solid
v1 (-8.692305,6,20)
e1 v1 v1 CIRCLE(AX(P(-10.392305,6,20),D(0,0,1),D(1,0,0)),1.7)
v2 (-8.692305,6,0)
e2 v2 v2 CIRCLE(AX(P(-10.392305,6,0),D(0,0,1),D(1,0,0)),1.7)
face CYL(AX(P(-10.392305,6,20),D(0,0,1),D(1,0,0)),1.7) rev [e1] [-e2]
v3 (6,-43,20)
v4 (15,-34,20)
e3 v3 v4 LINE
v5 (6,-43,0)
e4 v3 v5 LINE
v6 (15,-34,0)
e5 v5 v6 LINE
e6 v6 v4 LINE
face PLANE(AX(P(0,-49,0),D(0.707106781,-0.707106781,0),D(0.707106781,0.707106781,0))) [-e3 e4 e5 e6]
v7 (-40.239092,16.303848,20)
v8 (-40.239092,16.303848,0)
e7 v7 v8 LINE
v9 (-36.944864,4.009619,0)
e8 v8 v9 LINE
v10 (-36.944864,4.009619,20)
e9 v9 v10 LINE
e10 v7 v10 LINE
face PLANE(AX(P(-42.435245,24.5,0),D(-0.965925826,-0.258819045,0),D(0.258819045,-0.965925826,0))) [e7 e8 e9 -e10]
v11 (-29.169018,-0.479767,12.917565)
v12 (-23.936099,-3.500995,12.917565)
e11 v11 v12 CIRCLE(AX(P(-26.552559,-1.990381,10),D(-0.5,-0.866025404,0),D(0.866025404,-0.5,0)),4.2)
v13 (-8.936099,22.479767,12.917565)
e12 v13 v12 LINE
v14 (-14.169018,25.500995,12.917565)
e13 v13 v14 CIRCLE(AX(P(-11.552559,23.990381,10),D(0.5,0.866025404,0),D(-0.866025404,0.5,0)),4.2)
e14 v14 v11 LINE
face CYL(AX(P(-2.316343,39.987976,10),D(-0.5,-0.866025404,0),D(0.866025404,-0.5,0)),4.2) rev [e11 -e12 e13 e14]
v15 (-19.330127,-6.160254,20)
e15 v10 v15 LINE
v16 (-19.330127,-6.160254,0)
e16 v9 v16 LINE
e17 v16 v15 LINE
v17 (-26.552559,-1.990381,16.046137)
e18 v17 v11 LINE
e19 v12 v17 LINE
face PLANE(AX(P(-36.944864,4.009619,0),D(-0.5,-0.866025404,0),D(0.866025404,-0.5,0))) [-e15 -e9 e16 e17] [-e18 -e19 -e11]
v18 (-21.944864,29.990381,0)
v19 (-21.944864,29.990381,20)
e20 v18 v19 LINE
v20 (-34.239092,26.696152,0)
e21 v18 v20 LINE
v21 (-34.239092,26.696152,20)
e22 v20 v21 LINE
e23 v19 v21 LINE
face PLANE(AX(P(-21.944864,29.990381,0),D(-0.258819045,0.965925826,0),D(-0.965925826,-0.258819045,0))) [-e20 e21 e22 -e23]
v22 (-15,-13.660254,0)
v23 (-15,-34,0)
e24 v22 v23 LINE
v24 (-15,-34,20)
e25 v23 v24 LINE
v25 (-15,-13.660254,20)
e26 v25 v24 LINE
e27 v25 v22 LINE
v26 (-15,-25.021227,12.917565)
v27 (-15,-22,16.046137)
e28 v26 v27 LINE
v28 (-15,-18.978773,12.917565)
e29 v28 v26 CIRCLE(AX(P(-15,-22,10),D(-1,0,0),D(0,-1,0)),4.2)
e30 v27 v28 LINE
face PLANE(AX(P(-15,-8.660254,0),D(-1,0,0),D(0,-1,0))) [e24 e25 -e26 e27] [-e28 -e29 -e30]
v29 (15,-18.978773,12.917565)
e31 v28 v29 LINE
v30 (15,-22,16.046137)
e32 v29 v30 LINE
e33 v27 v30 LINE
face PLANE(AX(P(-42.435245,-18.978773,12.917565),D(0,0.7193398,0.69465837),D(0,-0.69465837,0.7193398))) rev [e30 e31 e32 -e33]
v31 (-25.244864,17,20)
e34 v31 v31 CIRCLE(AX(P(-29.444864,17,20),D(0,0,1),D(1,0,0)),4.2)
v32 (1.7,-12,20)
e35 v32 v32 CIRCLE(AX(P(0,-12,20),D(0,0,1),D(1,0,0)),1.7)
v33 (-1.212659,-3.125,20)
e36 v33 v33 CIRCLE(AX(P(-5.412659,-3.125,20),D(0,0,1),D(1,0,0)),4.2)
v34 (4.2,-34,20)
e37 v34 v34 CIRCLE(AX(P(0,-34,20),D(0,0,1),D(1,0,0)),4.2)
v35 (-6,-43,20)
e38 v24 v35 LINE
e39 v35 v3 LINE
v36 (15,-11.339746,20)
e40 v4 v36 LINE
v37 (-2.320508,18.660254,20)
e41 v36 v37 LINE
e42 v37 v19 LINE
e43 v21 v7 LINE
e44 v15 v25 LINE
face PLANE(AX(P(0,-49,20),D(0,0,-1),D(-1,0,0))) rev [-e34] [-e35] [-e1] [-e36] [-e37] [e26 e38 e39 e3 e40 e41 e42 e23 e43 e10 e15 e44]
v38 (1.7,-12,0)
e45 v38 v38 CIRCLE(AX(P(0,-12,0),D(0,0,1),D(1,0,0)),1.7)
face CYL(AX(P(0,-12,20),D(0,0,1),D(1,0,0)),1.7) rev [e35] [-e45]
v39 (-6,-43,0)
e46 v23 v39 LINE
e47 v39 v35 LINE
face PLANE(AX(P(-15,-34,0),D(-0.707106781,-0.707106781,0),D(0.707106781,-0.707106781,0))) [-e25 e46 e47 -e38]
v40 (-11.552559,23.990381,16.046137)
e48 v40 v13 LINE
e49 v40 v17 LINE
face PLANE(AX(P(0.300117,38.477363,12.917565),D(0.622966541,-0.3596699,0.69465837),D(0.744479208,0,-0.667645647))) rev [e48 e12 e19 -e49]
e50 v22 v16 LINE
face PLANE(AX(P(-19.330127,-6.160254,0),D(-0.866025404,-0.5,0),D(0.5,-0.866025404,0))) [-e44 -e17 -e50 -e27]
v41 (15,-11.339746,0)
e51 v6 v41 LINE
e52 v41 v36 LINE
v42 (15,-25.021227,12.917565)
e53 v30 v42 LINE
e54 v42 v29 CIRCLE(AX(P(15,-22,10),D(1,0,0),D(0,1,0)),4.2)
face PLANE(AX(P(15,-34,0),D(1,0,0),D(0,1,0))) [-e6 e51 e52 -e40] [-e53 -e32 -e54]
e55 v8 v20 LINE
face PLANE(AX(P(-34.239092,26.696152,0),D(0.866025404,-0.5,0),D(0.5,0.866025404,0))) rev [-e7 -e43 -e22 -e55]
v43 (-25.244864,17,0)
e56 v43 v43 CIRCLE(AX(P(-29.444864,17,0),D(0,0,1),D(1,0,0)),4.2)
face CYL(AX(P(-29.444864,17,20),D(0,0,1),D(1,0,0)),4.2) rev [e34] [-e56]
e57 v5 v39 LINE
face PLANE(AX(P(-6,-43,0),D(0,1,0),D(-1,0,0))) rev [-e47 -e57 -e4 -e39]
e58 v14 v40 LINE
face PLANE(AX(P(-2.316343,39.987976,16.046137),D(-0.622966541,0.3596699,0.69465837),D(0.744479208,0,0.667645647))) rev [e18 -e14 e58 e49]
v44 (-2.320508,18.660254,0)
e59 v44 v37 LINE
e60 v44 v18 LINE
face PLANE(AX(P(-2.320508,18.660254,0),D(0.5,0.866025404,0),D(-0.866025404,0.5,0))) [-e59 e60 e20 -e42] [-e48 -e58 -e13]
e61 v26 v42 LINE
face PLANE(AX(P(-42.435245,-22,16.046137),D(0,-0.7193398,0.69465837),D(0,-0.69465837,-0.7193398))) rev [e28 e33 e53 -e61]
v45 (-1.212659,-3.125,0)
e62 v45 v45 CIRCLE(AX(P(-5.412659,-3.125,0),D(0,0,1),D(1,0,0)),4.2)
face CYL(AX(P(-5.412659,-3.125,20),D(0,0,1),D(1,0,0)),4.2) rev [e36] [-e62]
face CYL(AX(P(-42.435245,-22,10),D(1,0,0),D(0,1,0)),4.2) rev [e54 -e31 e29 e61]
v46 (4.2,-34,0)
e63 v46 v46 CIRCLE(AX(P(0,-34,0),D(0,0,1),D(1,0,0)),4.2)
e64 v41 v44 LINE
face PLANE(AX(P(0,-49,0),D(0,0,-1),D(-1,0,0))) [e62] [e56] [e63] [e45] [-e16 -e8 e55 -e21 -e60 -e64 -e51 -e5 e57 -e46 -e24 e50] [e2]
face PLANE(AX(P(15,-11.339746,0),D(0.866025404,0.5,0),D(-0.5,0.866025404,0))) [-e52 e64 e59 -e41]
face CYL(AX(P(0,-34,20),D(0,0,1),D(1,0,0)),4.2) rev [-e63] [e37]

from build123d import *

# Parameters (mm, degrees)
BOSS_EXTRUDE1_DEPTH = 20
CUT_EXTRUDE1_DEPTH  = 59.888175724
CUT_EXTRUDE2_DEPTH  = 79.101263393
HOLE1_D             = 3.4
HOLE2_D             = 3.4
HOLE3_D             = 8.4
HOLE4_D             = 8.4
HOLE5_D             = 8.4
CHAMFER1_SIZE       = 8.485281374
CHAMFER2_SIZE       = 5
CHAMFER3_SIZE       = 8.485281374


with BuildPart() as part:
    # Sketch1 → Boss-Extrude1 (new body)
    with BuildSketch(Plane.XY.offset(20)):
        Polygon((15, -34), (15, -11.339745962), (-2.320508076, 18.660254038), (-21.944863729, 29.990381057), (-42.435244785, 24.5), (-36.944863729, 4.009618943), (-15, -8.660254038), (-15, -34), (0, -49), align=None)
    extrude(amount=-BOSS_EXTRUDE1_DEPTH)

    # Sketch2 → Cut-Extrude1 (cut, through all)
    with BuildSketch(Plane(origin=(-7.5, -12.990381057, 0), x_dir=(0.8660254037844394, -0.499999999999999, 0), z_dir=(-0.499999999999999, -0.8660254037844394, 0))):
        with BuildLine():
            Line((-18.978772839, 12.917565156), (-22, 16.046137466))
            Line((-22, 16.046137466), (-25.021227161, 12.917565156))
            ThreePointArc((-25.021227161, 12.917565156), (-22, 5.8), (-18.978772839, 12.917565156))
        make_face()
    extrude(amount=-CUT_EXTRUDE1_DEPTH, mode=Mode.SUBTRACT)

    # Sketch3 → Cut-Extrude2 (cut, through all)
    with BuildSketch(Plane(origin=(15, 0, 0), x_dir=(0, 0, -1), z_dir=(1, 0, 0))):
        with BuildLine():
            Line((-12.917565156, -18.978772839), (-16.046137466, -22))
            Line((-16.046137466, -22), (-12.917565156, -25.021227161))
            ThreePointArc((-12.917565156, -25.021227161), (-5.8, -22), (-12.917565156, -18.978772839))
        make_face()
    extrude(amount=-CUT_EXTRUDE2_DEPTH, mode=Mode.SUBTRACT)

    # Hole1 (through all)
    with Locations(Plane.XY.offset(20)):
        with Locations((0, -12)):
            Hole(HOLE1_D / 2)

    # Hole2 (through all)
    with Locations(Plane.XY.offset(20)):
        with Locations((-10.392304845, 6)):
            Hole(HOLE2_D / 2)

    # Hole3 (through all)
    with Locations(Plane.XY.offset(20)):
        with Locations((-5.412658774, -3.125)):
            Hole(HOLE3_D / 2)

    # Hole4 (through all)
    with Locations(Plane.XY.offset(20)):
        with Locations((-29.444863729, 17)):
            Hole(HOLE4_D / 2)

    # Hole5 (through all)
    with Locations(Plane.XY.offset(20)):
        with Locations((0, -34)):
            Hole(HOLE5_D / 2)

    # Chamfer1
    chamfer1_edges = [part.edges().sort_by_distance(p)[0] for p in [
        (-42.435244785, 24.5, 10),
    ]]
    chamfer(chamfer1_edges, length=CHAMFER1_SIZE)

    # Chamfer2
    chamfer2_edges = [part.edges().sort_by_distance(p)[0] for p in [
        (-15, -8.660254038, 10),
    ]]
    chamfer(chamfer2_edges, length=CHAMFER2_SIZE)

    # Chamfer3
    chamfer3_edges = [part.edges().sort_by_distance(p)[0] for p in [
        (0, -49, 10),
    ]]
    chamfer(chamfer3_edges, length=CHAMFER3_SIZE)


solid = part.part
